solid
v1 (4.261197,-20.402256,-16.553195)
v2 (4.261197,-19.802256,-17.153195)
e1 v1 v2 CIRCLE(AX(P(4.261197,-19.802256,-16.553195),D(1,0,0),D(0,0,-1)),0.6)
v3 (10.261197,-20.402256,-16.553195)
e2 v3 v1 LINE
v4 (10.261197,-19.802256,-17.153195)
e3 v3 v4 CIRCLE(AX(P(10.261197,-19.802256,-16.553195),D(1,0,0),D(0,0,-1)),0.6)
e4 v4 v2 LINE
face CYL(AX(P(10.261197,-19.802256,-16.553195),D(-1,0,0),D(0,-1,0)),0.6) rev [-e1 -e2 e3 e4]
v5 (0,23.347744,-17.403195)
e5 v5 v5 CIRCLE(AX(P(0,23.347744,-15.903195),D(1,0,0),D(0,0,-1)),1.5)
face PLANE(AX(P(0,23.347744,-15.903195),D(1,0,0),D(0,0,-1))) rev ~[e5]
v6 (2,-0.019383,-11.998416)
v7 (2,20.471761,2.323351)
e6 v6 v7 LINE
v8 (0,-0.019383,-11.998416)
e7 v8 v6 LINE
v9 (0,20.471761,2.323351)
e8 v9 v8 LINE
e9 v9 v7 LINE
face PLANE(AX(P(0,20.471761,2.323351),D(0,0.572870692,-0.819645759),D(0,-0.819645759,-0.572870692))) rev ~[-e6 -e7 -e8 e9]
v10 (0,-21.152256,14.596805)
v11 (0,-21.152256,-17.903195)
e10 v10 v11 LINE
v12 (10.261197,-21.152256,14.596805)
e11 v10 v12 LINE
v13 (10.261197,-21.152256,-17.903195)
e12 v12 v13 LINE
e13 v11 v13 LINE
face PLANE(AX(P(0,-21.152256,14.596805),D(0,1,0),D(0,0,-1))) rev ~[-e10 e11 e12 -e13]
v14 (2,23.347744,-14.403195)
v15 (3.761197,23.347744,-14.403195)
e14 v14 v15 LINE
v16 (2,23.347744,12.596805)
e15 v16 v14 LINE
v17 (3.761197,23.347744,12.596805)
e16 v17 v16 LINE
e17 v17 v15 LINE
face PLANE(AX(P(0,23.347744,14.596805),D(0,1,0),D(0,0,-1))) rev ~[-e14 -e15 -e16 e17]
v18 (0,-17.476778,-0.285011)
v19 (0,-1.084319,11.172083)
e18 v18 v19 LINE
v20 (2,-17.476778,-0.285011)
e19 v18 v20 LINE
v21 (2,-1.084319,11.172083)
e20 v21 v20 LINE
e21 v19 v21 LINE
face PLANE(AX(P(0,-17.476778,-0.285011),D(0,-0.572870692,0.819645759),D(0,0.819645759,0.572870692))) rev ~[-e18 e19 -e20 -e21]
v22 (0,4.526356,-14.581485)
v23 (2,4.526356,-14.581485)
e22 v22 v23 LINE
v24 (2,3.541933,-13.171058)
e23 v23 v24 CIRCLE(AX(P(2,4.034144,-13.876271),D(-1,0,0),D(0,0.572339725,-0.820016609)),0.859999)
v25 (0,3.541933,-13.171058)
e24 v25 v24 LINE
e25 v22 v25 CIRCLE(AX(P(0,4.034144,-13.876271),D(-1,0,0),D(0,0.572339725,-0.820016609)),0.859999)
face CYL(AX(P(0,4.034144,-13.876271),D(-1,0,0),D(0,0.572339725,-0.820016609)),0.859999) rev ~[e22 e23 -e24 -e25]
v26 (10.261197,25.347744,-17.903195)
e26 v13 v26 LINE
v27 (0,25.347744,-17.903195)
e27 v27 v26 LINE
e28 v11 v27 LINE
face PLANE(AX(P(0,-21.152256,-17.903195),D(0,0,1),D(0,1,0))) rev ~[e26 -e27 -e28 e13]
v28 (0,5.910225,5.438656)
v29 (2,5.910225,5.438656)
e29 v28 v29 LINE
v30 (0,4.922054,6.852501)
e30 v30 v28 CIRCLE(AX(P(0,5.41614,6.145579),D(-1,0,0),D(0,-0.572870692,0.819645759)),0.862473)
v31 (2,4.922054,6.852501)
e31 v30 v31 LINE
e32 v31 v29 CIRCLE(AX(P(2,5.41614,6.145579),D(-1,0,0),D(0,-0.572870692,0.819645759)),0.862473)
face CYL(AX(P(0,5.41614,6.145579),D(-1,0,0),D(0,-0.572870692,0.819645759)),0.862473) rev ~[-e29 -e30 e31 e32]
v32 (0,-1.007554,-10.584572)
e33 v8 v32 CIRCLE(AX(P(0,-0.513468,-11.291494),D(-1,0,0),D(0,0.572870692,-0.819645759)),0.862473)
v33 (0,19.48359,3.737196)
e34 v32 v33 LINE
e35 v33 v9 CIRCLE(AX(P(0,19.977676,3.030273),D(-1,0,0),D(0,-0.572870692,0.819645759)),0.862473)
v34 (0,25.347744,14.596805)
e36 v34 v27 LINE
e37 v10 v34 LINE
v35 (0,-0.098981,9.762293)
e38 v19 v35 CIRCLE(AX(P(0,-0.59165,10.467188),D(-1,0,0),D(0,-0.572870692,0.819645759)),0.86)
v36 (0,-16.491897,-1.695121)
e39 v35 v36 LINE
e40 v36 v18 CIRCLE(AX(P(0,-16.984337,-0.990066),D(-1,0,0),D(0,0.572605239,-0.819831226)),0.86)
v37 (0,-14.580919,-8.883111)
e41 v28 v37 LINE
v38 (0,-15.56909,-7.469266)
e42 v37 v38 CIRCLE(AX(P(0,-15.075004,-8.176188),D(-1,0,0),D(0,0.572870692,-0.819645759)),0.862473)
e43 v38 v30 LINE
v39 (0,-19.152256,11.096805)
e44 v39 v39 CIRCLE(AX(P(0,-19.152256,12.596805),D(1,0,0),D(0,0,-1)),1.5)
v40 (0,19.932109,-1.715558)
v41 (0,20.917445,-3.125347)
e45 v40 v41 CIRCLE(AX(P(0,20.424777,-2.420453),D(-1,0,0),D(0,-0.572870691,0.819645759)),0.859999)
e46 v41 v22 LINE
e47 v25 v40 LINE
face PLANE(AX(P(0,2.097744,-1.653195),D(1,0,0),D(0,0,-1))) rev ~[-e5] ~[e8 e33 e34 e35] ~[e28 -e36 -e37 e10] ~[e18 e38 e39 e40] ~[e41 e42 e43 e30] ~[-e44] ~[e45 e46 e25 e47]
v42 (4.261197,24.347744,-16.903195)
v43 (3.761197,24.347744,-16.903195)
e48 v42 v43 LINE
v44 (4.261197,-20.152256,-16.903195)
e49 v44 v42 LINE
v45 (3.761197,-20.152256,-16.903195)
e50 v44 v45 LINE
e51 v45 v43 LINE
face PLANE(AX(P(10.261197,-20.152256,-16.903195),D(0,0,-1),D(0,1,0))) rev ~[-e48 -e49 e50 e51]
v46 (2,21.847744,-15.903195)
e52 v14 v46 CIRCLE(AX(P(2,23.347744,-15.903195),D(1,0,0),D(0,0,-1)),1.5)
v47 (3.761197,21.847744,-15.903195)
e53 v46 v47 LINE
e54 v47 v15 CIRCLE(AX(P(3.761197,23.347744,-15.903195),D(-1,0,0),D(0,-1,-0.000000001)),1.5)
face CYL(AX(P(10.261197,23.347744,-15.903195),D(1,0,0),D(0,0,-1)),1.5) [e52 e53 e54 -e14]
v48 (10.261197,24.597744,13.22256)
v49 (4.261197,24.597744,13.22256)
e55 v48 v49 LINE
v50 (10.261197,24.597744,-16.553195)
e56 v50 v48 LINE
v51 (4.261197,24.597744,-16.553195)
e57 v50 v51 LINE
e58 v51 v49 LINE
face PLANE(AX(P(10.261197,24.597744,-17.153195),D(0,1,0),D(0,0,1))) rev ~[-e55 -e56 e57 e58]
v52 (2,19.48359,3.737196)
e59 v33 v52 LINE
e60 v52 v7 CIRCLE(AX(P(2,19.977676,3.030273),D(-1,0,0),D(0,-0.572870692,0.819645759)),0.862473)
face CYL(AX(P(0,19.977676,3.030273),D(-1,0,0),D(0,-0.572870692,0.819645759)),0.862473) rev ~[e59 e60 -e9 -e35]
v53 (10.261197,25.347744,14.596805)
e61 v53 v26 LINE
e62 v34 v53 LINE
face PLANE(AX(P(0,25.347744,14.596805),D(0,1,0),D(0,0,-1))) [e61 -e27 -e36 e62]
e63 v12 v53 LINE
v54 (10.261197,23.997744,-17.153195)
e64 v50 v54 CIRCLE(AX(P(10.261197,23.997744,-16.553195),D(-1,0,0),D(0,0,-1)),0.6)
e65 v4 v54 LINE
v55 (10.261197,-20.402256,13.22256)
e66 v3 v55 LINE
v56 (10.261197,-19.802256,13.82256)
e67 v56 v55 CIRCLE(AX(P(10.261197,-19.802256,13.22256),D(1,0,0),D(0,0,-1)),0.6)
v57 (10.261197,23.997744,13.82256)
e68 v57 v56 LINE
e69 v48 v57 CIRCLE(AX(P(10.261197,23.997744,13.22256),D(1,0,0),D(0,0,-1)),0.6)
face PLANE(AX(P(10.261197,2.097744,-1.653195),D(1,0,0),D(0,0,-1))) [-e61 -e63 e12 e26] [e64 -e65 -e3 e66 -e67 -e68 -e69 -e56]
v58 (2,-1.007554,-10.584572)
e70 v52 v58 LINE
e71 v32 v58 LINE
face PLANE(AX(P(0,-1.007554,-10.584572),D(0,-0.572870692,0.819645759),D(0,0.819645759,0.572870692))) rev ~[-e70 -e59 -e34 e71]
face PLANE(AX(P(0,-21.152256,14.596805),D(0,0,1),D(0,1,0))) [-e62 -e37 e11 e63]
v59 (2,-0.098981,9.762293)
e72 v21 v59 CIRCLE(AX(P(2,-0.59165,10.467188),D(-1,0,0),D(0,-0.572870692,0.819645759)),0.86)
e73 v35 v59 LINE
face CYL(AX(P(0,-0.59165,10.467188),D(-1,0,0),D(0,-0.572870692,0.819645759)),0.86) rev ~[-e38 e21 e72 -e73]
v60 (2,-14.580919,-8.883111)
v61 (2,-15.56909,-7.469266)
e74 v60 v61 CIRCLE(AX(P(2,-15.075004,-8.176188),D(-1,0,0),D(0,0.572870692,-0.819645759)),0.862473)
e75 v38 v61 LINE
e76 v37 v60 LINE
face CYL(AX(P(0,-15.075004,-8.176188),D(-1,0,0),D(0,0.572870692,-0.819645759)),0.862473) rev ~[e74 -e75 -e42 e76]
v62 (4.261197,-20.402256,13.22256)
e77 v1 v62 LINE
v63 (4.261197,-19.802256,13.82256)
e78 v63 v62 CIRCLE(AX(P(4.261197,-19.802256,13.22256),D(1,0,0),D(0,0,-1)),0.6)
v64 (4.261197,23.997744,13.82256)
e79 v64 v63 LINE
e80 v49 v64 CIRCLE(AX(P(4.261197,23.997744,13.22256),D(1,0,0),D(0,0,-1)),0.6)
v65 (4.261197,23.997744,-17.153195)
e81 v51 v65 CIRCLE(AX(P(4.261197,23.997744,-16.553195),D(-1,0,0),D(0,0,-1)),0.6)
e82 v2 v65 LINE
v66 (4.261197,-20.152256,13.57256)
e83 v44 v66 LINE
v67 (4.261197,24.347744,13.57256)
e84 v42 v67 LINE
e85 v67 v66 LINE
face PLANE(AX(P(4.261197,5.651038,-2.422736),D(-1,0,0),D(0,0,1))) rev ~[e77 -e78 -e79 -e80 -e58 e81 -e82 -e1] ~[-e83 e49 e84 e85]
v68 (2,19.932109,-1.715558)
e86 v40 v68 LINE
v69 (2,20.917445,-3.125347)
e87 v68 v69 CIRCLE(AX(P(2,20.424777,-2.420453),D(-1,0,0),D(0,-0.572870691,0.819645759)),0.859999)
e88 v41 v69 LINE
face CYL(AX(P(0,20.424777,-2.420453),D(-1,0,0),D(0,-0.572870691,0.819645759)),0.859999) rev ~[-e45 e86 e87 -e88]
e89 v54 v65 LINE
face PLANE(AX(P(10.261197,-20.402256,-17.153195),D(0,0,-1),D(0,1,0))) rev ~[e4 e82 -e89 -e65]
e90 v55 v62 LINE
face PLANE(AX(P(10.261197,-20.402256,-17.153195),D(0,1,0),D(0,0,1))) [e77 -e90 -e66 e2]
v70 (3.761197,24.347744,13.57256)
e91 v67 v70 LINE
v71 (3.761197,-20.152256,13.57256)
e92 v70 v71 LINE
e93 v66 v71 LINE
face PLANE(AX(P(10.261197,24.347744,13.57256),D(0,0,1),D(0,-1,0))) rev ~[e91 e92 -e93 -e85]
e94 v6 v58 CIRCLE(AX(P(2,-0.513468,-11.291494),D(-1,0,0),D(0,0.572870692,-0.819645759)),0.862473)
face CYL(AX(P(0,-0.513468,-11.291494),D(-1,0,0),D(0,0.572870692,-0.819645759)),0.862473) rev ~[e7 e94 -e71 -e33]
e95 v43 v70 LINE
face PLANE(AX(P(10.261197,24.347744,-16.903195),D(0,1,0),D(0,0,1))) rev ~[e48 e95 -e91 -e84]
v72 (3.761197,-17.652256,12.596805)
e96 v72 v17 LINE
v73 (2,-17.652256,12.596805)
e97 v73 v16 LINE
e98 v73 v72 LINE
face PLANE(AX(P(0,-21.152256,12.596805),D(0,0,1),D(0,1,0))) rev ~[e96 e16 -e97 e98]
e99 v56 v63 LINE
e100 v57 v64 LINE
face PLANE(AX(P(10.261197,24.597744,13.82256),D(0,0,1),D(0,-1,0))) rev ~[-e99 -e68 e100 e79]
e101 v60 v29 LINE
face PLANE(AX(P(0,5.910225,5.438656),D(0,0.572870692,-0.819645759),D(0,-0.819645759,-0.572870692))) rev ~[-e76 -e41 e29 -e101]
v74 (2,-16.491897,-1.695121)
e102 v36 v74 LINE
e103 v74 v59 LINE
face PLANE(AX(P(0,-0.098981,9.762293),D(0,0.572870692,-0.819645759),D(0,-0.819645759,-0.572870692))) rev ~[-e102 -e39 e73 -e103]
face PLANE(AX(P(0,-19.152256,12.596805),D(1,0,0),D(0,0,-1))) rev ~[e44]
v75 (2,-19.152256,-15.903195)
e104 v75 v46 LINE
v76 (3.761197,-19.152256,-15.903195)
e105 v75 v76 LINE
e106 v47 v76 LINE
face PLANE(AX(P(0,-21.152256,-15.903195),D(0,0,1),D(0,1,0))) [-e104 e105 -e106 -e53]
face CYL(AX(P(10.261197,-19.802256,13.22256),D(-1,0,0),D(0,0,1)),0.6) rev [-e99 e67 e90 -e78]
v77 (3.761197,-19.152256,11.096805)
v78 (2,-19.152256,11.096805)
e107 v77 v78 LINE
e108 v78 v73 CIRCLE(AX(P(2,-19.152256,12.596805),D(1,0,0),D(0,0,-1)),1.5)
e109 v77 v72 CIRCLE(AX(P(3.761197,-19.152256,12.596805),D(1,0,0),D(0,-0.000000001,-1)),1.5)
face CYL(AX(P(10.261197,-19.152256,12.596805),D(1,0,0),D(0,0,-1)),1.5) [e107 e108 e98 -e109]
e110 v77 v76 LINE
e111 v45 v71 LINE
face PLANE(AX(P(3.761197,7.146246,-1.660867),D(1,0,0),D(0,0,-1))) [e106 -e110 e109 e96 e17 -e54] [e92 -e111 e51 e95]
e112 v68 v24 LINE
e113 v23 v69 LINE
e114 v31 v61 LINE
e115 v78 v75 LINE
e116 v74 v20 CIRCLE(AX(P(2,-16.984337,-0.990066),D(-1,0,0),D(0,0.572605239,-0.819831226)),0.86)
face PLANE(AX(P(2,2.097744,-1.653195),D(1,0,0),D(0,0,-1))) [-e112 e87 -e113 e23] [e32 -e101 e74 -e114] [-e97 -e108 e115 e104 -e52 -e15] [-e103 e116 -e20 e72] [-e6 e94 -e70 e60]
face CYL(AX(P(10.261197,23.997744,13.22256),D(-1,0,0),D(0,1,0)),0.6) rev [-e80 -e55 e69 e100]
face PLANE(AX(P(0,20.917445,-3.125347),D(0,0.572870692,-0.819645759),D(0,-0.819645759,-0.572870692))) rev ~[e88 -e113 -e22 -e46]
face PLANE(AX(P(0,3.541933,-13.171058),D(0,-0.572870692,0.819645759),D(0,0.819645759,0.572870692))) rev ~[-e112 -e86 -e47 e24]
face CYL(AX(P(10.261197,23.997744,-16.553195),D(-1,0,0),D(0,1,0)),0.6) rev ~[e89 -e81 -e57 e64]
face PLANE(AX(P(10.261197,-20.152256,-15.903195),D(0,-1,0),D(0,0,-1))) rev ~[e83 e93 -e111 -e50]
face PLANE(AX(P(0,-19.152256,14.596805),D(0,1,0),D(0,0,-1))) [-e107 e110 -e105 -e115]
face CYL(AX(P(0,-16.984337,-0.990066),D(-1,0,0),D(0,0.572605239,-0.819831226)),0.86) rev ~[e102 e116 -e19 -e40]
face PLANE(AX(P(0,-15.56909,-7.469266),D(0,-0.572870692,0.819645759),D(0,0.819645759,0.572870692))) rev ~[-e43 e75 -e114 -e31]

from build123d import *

# Parameters (mm, degrees)
SKETCH1_W           = 32.5
SKETCH1_H           = 46.5
BOSS_EXTRUDE2_DEPTH = 10.261196577
SHELL1_T            = -2
CUT_EXTRUDE1_DEPTH  = 6
SKETCH3_R           = 1.5
BOSS_EXTRUDE3_DEPTH = 10.261197
CUT_EXTRUDE2_DEPTH  = 6.5
SKETCH5_W           = 28.5
SKETCH5_H           = 1
CUT_EXTRUDE3_DEPTH  = 6.5
CUT_EXTRUDE4_DEPTH  = 6.5
CUT_EXTRUDE5_DEPTH  = 6
SKETCH9_W           = 20.936862588
SKETCH9_H           = 0.25
CUT_EXTRUDE6_DEPTH  = 6
FILLET1_R           = 0.6


with BuildPart() as part:
    # Sketch1 → Boss-Extrude2 (new body)
    with BuildSketch(Plane(origin=(0, 0, 0), x_dir=(0, 0, -1), z_dir=(1, 0, 0))):
        with Locations((1.653195489, 2.097744361)):
            Rectangle(SKETCH1_W, SKETCH1_H)
    extrude(amount=BOSS_EXTRUDE2_DEPTH)

    # Shell1
    shell1_openings = [part.faces().sort_by_distance(p)[0] for p in [
        (10.261196577, 2.097744361, -1.653195489),
    ]]
    offset(amount=SHELL1_T, openings=shell1_openings, kind=Kind.INTERSECTION)

    # Sketch2 → Cut-Extrude1 (cut)
    with BuildSketch(Plane.ZY):
        with BuildLine():
            Line((5.438656476, 5.910225306), (-8.88311082, -14.580918672))
            ThreePointArc((-8.88311082, -14.580918672), (-8.670273984, -15.781926533), (-7.469266123, -15.569089697))
            Line((-7.469266123, -15.569089697), (6.852501173, 4.922054281))
            ThreePointArc((6.852501173, 4.922054281), (6.639664337, 6.123062142), (5.438656476, 5.910225306))
        make_face()
        with BuildLine():
            Line((9.762292675, -0.098981343), (-1.695121162, -16.491896525))
            ThreePointArc((-1.695121162, -16.491896525), (-1.482506801, -17.689391949), (-0.285011378, -17.476777587))
            Line((-0.285011378, -17.476777587), (11.17208338, -1.084318933))
            ThreePointArc((11.17208338, -1.084318933), (10.959856822, 0.113245215), (9.762292675, -0.098981343))
        make_face()
        with BuildLine():
            Line((2.323350937, 20.471761321), (-11.998416359, -0.019382657))
            ThreePointArc((-11.998416359, -0.019382657), (-11.785579523, -1.220390518), (-10.584571661, -1.007553682))
            Line((-10.584571661, -1.007553682), (3.737195635, 19.483590296))
            ThreePointArc((3.737195635, 19.483590296), (3.524358799, 20.684598157), (2.323350937, 20.471761321))
        make_face()
        with BuildLine():
            Line((-3.125347413, 20.917445103), (-14.581484934, 4.526356034))
            ThreePointArc((-14.581484934, 4.526356034), (-14.368482992, 3.328930591), (-13.171057549, 3.541932534))
            Line((-13.171057549, 3.541932534), (-1.715558185, 19.932108547))
            ThreePointArc((-1.715558185, 19.932108547), (-1.927784521, 21.129671439), (-3.125347413, 20.917445103))
        make_face()
    extrude(amount=-CUT_EXTRUDE1_DEPTH, mode=Mode.SUBTRACT)

    # Sketch3 → Boss-Extrude3 (add)
    with BuildSketch(Plane(origin=(10.261196577, 0, 0), x_dir=(0, 0, -1), z_dir=(1, 0, 0))):
        with Locations((15.903195489, 23.347744361)):
            Circle(SKETCH3_R)
        with Locations((-12.596804511, -19.152255639)):
            Circle(SKETCH3_R)
    extrude(amount=-BOSS_EXTRUDE3_DEPTH)

    # Sketch4 → Cut-Extrude2 (cut)
    with BuildSketch(Plane(origin=(10.261196577, 0, 0), x_dir=(0, 0, -1), z_dir=(1, 0, 0))):
        Polygon((-13.572559932, 24.347744361), (-13.572559932, -20.152255639), (-12.596804511, -20.152255639), (-12.596804511, 23.347744361), (15.903195489, 23.347744361), (15.903195489, -20.152255639), (16.903195489, -20.152255639), (16.903195489, 24.347744361), align=None)
    extrude(amount=-CUT_EXTRUDE2_DEPTH, mode=Mode.SUBTRACT)

    # Sketch5 → Cut-Extrude3 (cut)
    with BuildSketch(Plane(origin=(10.261196577, 0, 0), x_dir=(0, 0, -1), z_dir=(1, 0, 0))):
        with Locations((1.653195489, -19.652255639)):
            Rectangle(SKETCH5_W, SKETCH5_H)
    extrude(amount=-CUT_EXTRUDE3_DEPTH, mode=Mode.SUBTRACT)

    # Sketch6 → Cut-Extrude4 (cut)
    with BuildSketch(Plane(origin=(10.261196577, 0, 0), x_dir=(0, 0, -1), z_dir=(1, 0, 0))):
        with BuildLine():
            Line((-12.596804511, -17.652255639), (-12.596804511, -19.152255639))
            Line((-12.596804511, -19.152255639), (-11.096804511, -19.152255639))
            ThreePointArc((-11.096804511, -19.152255639), (-11.536144339, -18.091595467), (-12.596804511, -17.652255639))
        make_face()
        with BuildLine():
            Line((15.903195489, 23.347744361), (15.903195489, 21.847744361))
            ThreePointArc((15.903195489, 21.847744361), (14.842535317, 22.287084189), (14.403195489, 23.347744361))
            Line((14.403195489, 23.347744361), (15.903195489, 23.347744361))
        make_face()
    extrude(amount=-CUT_EXTRUDE4_DEPTH, mode=Mode.SUBTRACT)

    # Sketch8 → Cut-Extrude5 (cut)
    with BuildSketch(Plane(origin=(10.261196577, 0, 0), x_dir=(0, 0, -1), z_dir=(1, 0, 0))):
        Polygon((17.153195489, 24.304666322), (17.153195489, -20.402255639), (7.364302656, -20.402255639), (7.364302656, -20.152255639), (16.903195489, -20.152255639), (16.903195489, 24.347744361), (-13.572559932, 24.347744361), (-13.572559932, -20.402255639), (-13.822559932, -20.402255639), (-13.822559932, 19.230791598), (-13.822559932, 24.597744361), (15.426743448, 24.597744361), (17.153195489, 24.597744361), align=None)
    extrude(amount=-CUT_EXTRUDE5_DEPTH, mode=Mode.SUBTRACT)

    # Sketch9 → Cut-Extrude6 (cut)
    with BuildSketch(Plane(origin=(10.261196577, 0, 0), x_dir=(0, 0, -1), z_dir=(1, 0, 0))):
        with Locations((-3.104128638, -20.277255639)):
            Rectangle(SKETCH9_W, SKETCH9_H)
    extrude(amount=-CUT_EXTRUDE6_DEPTH, mode=Mode.SUBTRACT)

    # Fillet1
    fillet1_edges = [part.edges().sort_by_distance(p)[0] for p in [
        (7.261196577, 24.597744361, -17.153195489),
        (7.261196577, -20.402255639, -17.153195489),
        (7.261196577, -20.402255639, 13.822559932),
        (7.261196577, 24.597744361, 13.822559932),
    ]]
    fillet(fillet1_edges, radius=FILLET1_R)


solid = part.part
